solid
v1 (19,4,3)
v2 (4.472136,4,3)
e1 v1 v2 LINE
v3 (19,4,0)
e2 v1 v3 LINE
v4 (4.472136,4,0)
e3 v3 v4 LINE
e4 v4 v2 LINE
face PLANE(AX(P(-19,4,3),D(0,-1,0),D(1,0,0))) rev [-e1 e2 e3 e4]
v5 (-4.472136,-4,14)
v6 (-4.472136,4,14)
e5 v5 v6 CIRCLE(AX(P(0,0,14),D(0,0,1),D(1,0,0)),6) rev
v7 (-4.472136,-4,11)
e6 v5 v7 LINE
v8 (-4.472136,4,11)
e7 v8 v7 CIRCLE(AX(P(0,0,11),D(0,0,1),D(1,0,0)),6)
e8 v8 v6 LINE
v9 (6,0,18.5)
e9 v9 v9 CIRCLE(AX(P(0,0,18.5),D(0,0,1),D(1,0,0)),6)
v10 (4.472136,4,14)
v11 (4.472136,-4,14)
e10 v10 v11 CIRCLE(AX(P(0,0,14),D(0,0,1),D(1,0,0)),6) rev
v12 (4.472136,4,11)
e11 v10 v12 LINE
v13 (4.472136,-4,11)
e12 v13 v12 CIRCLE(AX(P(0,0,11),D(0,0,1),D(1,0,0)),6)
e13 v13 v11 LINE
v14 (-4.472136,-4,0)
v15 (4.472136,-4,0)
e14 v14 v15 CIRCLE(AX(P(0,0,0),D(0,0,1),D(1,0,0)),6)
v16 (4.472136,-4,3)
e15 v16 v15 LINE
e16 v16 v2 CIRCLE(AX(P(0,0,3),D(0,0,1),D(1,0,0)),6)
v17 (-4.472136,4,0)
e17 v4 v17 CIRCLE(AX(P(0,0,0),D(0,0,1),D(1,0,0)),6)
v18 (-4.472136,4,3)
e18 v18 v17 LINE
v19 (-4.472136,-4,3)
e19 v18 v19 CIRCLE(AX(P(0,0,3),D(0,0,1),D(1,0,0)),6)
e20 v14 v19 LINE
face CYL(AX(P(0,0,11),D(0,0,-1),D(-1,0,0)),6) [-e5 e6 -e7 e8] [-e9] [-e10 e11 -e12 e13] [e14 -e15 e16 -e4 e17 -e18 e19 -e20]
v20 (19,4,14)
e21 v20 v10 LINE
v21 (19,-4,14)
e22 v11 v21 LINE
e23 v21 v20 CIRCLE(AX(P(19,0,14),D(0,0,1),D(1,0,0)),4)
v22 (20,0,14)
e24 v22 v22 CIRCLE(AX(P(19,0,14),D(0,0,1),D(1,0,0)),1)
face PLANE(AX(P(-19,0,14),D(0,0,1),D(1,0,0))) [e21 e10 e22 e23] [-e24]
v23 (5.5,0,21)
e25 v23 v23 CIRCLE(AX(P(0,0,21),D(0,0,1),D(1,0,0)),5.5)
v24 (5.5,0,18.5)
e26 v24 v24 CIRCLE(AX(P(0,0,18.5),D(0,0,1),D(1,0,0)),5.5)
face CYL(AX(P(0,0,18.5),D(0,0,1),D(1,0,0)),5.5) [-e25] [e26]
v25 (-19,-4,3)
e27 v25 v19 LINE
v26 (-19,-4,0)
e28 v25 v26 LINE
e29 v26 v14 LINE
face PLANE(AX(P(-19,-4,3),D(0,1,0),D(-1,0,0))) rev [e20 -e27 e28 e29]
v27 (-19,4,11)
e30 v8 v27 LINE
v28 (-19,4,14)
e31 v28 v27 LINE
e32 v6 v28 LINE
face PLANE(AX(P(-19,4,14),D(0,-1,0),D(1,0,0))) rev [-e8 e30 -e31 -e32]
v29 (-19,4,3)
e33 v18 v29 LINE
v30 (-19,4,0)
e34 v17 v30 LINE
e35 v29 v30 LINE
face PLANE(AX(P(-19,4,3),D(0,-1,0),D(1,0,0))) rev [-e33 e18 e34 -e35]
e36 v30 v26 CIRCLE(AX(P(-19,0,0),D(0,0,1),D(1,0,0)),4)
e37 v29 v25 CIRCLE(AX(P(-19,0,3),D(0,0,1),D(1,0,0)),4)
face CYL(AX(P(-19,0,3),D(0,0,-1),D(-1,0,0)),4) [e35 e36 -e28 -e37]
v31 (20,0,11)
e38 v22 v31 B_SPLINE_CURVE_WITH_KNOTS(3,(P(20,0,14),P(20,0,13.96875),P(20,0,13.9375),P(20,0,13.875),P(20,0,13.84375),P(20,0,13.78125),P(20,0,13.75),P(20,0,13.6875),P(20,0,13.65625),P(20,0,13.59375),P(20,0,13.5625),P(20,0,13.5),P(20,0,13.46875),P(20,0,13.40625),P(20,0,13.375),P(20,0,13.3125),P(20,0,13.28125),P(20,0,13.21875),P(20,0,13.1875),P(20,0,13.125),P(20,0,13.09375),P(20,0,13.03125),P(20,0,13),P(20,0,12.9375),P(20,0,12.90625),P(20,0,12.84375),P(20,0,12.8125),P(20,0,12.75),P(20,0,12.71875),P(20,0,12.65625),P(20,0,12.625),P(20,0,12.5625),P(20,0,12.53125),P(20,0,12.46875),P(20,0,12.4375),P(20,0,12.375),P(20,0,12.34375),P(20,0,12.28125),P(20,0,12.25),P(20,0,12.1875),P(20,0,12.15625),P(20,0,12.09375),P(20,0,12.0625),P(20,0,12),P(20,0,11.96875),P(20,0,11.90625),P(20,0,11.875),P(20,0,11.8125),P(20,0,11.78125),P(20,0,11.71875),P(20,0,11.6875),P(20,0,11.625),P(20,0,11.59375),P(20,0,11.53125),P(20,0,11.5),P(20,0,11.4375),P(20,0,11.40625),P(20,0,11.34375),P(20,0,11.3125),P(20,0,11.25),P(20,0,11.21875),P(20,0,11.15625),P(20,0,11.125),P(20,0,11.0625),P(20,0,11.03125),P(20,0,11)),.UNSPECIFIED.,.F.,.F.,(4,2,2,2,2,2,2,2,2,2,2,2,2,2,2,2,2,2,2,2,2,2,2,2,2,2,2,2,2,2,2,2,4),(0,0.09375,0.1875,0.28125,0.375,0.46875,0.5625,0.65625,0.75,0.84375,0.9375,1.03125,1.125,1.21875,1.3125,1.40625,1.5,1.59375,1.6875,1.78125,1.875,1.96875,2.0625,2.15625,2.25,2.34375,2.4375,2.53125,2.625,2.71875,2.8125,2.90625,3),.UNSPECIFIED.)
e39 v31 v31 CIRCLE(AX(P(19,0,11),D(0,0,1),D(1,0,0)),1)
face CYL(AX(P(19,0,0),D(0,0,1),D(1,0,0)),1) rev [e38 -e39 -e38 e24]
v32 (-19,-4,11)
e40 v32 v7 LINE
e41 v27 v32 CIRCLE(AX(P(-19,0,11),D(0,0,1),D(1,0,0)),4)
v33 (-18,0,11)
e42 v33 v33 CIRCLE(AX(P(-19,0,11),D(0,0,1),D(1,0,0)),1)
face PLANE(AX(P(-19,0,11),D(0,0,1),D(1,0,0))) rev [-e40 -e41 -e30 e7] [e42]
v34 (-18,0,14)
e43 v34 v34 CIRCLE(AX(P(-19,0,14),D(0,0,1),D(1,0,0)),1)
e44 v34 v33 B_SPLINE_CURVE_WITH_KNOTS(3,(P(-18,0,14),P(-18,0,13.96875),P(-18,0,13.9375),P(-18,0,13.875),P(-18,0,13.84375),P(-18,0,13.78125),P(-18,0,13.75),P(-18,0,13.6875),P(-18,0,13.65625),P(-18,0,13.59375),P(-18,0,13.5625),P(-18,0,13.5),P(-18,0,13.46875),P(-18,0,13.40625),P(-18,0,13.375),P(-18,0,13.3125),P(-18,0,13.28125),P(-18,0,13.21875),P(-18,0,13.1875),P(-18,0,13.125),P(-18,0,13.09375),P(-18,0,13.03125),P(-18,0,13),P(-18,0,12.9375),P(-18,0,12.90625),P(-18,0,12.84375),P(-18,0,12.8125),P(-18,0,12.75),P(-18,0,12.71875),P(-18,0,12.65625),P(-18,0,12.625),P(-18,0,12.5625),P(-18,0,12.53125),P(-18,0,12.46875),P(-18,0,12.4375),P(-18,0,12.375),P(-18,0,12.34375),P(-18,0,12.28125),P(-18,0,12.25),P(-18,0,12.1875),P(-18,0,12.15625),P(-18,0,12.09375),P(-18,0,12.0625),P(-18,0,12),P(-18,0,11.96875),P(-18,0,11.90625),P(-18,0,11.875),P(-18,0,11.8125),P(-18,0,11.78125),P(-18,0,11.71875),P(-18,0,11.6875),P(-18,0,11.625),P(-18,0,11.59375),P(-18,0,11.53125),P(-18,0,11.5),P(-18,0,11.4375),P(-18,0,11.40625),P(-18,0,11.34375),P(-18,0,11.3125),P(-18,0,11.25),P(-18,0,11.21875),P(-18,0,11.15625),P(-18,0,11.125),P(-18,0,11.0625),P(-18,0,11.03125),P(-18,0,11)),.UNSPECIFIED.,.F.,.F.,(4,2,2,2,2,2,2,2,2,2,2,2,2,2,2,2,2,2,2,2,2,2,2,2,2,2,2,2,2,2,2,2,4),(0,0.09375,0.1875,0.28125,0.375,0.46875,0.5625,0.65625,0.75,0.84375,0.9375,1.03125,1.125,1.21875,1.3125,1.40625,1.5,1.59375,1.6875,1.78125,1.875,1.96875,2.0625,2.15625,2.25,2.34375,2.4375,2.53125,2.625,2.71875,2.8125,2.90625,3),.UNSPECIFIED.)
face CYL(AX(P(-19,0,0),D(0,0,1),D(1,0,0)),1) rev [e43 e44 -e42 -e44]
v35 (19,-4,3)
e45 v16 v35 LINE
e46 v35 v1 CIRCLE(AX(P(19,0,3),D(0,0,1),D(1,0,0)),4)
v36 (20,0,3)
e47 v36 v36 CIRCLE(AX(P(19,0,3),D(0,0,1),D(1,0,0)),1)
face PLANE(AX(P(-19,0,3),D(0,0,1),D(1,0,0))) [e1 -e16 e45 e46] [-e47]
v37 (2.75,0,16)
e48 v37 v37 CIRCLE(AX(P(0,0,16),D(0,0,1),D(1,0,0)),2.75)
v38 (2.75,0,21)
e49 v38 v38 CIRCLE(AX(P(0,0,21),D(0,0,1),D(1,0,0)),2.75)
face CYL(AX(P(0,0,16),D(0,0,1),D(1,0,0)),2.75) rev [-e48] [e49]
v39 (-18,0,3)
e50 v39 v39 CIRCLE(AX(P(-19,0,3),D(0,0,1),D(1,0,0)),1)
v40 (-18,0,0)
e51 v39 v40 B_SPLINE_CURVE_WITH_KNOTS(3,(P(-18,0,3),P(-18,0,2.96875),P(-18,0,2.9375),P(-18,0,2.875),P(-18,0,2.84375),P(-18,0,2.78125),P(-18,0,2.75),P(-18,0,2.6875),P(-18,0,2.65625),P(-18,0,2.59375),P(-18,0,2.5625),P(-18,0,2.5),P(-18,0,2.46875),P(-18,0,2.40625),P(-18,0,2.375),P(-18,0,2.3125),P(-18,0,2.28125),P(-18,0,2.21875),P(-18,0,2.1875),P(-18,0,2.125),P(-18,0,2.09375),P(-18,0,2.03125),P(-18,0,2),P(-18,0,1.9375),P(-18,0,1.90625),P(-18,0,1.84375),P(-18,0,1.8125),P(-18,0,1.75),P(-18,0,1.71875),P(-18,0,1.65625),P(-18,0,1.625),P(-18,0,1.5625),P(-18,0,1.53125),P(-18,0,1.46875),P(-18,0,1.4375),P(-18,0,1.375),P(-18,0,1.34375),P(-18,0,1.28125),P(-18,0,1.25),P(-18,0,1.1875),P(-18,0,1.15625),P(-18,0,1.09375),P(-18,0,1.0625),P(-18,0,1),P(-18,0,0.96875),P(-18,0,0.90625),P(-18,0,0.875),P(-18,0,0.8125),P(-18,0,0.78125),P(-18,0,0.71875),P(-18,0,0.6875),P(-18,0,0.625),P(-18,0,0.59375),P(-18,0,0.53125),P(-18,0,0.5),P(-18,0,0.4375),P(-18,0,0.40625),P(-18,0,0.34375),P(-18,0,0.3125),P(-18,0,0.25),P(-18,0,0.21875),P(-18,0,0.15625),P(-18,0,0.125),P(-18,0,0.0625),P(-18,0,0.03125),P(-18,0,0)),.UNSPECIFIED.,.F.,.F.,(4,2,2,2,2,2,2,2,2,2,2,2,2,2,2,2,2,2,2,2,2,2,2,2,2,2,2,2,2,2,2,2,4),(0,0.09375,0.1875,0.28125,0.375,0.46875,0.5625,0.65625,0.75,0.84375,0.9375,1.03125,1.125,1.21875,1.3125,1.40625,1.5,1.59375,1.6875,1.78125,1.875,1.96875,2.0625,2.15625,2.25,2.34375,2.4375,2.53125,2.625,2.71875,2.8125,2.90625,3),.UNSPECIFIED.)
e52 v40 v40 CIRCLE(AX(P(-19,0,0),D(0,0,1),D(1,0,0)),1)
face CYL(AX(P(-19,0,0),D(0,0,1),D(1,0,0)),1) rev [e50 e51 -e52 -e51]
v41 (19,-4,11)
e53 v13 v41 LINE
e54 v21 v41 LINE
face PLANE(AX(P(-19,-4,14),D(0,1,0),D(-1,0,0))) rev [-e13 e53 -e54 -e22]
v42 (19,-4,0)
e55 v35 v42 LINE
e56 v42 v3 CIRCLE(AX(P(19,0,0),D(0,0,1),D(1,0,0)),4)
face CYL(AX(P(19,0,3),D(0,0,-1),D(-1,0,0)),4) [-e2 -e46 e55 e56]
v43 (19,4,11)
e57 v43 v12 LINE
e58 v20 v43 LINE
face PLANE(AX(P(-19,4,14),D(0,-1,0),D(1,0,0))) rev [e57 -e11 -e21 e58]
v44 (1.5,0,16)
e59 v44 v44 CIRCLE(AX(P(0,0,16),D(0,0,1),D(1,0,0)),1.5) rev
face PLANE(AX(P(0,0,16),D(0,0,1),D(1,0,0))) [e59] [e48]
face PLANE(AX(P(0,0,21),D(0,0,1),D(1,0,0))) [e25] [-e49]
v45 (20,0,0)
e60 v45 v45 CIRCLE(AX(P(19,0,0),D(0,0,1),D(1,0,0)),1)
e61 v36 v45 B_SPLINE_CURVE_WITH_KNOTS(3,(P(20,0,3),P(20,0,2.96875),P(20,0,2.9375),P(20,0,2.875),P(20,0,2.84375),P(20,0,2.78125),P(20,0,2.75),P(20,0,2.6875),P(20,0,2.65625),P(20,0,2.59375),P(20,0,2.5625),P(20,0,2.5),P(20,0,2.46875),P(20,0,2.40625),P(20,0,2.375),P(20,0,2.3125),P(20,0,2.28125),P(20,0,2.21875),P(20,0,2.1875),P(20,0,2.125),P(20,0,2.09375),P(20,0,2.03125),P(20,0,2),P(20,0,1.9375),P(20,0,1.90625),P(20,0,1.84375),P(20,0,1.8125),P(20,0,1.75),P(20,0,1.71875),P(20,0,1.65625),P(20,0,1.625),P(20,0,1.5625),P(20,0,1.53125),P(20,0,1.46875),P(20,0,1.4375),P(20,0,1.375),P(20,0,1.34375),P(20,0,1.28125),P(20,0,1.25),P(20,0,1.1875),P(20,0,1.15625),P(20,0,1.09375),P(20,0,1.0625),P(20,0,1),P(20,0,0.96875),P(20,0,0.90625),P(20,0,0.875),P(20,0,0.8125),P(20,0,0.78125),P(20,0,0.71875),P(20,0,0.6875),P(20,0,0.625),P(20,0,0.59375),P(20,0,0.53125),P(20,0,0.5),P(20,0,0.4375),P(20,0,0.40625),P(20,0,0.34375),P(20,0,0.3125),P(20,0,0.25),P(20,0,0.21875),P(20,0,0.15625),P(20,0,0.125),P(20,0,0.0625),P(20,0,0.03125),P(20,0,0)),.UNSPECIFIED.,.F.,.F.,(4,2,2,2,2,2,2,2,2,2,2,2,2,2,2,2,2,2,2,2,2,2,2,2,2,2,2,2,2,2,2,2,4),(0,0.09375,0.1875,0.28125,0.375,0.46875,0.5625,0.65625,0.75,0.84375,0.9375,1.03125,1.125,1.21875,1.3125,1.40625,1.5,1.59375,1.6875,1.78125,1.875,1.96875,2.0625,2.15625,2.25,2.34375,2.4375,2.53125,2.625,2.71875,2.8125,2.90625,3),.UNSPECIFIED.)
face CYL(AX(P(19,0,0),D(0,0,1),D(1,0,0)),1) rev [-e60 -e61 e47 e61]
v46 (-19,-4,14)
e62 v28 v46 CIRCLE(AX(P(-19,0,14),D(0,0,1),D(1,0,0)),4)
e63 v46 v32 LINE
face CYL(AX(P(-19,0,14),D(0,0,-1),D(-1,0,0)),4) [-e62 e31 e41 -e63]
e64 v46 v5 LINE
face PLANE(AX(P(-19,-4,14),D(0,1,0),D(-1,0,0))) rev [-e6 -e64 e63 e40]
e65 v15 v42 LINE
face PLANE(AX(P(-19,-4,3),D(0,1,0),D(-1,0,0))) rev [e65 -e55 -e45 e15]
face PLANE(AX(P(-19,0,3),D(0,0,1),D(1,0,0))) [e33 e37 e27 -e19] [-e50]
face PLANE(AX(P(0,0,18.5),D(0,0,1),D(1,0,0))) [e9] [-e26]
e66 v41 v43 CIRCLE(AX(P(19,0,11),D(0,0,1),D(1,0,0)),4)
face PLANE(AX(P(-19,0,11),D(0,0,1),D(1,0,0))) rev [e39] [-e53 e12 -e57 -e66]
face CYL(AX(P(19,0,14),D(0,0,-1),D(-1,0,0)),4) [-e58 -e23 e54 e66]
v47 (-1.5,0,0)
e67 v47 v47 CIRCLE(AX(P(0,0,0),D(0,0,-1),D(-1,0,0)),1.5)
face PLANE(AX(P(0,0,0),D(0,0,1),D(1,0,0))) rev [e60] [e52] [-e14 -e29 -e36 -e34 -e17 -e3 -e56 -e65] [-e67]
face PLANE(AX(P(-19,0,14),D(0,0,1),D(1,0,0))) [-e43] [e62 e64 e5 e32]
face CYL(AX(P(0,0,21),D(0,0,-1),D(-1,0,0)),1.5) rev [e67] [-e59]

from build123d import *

# Parameters (mm, degrees)
SKETCH_1_R          = 6
EXTRUDE_1_DEPTH     = 11
EXTRUDE_2_DEPTH     = 3
EXTRUDE_3_DEPTH     = 3
SKETCH_5_R          = 6
EXTRUDE_4_DEPTH     = 10
SKETCH_6_R          = 1.5
CUT_EXTRUDE_1_DEPTH = 32.717503054
CUT_EXTRUDE_START   = -2.5
SKETCH_7_R          = 6
SKETCH_7_R_2        = 5.5
CUT_EXTRUDE_2_DEPTH = 2.5
SKETCH_8_R          = 1
CUT_EXTRUDE_3_DEPTH = 28.586228448
SKETCH_9_R          = 2.75
CUT_EXTRUDE_4_DEPTH = 5


with BuildPart() as part:
    # 草图1 → 凸台-拉伸1 (new body)
    with BuildSketch(Plane.XY):
        Circle(SKETCH_1_R)
    extrude(amount=EXTRUDE_1_DEPTH)

    # 草图2 → 凸台-拉伸2 (add)
    with BuildSketch(Plane.XY):
        with BuildLine():
            Line((-19, 4), (19, 4))
            ThreePointArc((19, 4), (23, 0), (19, -4))
            Line((19, -4), (-19, -4))
            ThreePointArc((-19, -4), (-23, 0), (-19, 4))
        make_face()
    extrude(amount=EXTRUDE_2_DEPTH)

    # 草图3 → 凸台-拉伸3 (add)
    with BuildSketch(Plane.XY.offset(11)):
        with BuildLine():
            Line((-19, 4), (19, 4))
            ThreePointArc((19, 4), (23, 0), (19, -4))
            Line((19, -4), (-19, -4))
            ThreePointArc((-19, -4), (-23, 0), (-19, 4))
        make_face()
    extrude(amount=EXTRUDE_3_DEPTH)

    # 草图5 → 凸台-拉伸4 (add)
    with BuildSketch(Plane.XY.offset(11)):
        with Locations(Location((0, 0, 0), (0, 0, 221.810314896))):
            Circle(SKETCH_5_R)
    extrude(amount=EXTRUDE_4_DEPTH)

    # 草图6 → 切除-拉伸1 (cut, through all)
    with BuildSketch(Plane(origin=(0, 0, 0), x_dir=(-1, 0, 0), z_dir=(0, 0, -1))):
        Circle(SKETCH_6_R)
    extrude(amount=-CUT_EXTRUDE_1_DEPTH, mode=Mode.SUBTRACT)

    # 草图7 → 切除-拉伸2 (cut)
    with BuildSketch(Plane.XY.offset(21).offset(CUT_EXTRUDE_START)):
        with Locations(Location((0, 0, 0), (0, 0, 221.810314896))):
            Circle(SKETCH_7_R)
        Circle(SKETCH_7_R_2, mode=Mode.SUBTRACT)
    extrude(amount=CUT_EXTRUDE_2_DEPTH, mode=Mode.SUBTRACT)

    # 草图8 → 切除-拉伸3 (cut, through all)
    with BuildSketch(Plane.XY.offset(14)):
        with Locations((-19, 0)):
            Circle(SKETCH_8_R)
        with Locations((19, 0)):
            Circle(SKETCH_8_R)
    extrude(amount=-CUT_EXTRUDE_3_DEPTH, mode=Mode.SUBTRACT)

    # 草图9 → 切除-拉伸4 (cut)
    with BuildSketch(Plane.XY.offset(21)):
        Circle(SKETCH_9_R)
    extrude(amount=-CUT_EXTRUDE_4_DEPTH, mode=Mode.SUBTRACT)


solid = part.part
